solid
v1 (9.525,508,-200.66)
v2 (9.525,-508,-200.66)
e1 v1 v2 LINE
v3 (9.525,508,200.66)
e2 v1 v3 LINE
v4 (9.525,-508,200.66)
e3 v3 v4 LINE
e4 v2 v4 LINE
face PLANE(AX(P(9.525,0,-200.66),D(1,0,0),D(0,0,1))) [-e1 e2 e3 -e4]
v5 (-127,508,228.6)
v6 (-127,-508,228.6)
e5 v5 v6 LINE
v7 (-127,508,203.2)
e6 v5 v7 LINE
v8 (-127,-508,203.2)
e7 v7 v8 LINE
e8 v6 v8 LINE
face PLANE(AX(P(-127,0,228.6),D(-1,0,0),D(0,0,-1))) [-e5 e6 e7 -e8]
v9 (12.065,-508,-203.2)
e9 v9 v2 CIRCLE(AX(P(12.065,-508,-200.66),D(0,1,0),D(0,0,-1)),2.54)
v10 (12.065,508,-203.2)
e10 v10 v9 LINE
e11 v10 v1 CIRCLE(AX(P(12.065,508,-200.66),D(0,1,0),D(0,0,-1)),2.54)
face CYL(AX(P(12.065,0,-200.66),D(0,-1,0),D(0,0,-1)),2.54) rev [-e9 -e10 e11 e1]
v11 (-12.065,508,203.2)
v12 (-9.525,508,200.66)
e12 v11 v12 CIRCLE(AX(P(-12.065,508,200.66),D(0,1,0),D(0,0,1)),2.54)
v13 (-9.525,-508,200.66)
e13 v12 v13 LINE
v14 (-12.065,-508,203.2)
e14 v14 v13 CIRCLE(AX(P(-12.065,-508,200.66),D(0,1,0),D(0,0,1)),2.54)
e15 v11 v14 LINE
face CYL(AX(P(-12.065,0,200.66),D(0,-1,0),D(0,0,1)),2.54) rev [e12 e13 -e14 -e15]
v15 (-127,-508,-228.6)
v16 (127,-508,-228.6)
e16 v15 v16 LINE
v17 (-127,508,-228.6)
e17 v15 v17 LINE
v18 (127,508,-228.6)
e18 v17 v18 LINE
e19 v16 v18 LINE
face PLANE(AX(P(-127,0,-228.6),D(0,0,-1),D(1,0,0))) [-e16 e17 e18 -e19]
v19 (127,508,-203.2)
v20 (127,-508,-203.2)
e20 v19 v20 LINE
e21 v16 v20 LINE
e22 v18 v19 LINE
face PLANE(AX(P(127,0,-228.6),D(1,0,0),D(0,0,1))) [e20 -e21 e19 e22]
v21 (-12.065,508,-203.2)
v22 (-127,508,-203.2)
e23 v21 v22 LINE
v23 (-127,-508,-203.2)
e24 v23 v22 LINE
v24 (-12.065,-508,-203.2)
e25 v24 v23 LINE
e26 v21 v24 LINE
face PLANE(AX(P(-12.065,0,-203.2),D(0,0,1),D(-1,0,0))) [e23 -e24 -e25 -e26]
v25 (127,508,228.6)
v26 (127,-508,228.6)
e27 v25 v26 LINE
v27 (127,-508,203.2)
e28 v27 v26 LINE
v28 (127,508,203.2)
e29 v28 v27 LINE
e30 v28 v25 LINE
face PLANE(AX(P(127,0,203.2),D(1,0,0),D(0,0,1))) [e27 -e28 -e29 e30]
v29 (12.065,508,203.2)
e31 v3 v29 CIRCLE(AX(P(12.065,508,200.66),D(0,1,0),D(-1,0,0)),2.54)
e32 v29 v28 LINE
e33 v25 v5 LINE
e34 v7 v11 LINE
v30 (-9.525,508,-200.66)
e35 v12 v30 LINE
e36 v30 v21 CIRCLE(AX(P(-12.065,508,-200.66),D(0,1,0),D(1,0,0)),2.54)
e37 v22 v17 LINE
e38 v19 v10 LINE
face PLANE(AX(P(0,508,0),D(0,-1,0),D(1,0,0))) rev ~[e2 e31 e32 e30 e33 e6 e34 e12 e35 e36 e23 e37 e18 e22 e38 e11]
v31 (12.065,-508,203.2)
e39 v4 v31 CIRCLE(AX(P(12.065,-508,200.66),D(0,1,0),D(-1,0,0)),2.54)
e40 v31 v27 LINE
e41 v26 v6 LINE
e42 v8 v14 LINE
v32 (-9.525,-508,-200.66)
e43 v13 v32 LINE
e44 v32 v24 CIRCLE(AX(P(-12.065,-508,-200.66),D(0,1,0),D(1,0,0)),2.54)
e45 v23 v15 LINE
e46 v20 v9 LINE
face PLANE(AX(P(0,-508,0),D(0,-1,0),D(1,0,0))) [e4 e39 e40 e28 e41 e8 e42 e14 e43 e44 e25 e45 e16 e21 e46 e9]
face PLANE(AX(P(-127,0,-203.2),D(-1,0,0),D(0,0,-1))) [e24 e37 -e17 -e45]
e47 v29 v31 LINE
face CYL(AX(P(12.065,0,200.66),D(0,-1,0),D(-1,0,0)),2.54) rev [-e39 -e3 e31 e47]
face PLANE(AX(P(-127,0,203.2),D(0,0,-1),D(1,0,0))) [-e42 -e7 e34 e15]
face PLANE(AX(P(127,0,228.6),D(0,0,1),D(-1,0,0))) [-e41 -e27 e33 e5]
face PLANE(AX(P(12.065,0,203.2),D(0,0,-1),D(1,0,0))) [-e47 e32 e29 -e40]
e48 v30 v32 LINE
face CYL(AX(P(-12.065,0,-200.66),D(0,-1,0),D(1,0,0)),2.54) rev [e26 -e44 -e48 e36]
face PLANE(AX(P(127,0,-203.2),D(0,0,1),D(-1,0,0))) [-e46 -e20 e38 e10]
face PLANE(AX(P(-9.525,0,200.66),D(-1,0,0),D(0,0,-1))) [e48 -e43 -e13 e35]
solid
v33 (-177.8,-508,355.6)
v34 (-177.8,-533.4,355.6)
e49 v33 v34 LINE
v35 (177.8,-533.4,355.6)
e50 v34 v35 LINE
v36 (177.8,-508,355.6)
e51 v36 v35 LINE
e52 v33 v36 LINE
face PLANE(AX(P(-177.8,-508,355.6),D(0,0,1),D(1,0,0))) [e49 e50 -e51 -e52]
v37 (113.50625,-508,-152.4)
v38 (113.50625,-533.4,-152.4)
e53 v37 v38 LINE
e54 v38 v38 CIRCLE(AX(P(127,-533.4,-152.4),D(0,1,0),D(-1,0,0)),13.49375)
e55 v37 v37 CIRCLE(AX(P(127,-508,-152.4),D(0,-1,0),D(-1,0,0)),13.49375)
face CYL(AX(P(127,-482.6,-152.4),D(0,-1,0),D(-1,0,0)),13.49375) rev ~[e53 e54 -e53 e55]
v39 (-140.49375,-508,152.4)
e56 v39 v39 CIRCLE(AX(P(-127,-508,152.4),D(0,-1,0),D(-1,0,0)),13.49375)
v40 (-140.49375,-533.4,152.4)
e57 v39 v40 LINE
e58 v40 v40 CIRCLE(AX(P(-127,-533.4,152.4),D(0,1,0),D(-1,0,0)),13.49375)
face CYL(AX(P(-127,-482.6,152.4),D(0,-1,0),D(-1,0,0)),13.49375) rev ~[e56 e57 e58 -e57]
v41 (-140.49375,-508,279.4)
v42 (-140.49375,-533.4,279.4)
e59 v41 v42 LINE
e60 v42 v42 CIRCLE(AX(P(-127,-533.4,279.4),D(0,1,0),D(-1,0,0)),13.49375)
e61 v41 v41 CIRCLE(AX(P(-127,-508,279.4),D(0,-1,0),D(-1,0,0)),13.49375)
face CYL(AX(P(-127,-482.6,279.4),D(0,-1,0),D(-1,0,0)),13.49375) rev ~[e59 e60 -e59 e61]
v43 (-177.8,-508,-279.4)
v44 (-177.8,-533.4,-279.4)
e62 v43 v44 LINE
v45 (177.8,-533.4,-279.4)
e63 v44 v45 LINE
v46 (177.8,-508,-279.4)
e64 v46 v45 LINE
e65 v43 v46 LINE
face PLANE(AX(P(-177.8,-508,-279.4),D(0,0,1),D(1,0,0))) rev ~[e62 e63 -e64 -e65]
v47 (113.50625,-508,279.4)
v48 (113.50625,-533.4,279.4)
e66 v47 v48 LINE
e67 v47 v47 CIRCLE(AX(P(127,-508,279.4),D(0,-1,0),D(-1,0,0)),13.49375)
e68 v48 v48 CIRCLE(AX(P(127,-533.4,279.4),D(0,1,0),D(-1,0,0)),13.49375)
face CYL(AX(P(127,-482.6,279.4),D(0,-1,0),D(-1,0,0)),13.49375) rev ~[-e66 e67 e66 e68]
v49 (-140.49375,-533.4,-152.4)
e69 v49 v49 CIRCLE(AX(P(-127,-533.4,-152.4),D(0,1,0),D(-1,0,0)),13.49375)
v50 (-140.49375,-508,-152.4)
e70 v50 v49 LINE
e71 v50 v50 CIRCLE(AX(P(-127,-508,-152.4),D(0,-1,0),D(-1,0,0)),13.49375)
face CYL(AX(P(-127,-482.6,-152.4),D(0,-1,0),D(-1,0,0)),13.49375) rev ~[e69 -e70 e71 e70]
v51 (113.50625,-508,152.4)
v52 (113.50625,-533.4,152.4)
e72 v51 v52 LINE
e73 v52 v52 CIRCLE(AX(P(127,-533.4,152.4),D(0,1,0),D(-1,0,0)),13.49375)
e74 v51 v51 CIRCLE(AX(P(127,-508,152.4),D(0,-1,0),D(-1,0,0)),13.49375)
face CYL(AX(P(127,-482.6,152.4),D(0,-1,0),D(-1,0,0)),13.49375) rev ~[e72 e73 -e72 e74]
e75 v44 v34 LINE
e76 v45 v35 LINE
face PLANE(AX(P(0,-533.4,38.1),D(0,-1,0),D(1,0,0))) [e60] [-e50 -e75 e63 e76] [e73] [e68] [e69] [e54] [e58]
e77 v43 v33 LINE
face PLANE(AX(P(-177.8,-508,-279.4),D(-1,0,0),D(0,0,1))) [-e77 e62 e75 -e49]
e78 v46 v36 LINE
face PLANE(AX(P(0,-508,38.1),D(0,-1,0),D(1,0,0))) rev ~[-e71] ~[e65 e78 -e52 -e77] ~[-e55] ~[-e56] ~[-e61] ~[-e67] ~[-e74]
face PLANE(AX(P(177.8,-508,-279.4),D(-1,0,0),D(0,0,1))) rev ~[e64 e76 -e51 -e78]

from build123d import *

# Parameters (mm, degrees)
F1_DEPTH = 508
F2_W     = 355.6
F2_H     = 635
F3_DEPTH = 25.4
F4_D     = 26.9875
F4_DEPTH = 25.4
F4_TIP   = 8.107862978


with BuildPart() as f1:
    # F0 (on Front) → F1 (new body, symmetric)
    with BuildSketch(Plane.XZ):
        with BuildLine():
            Line((127, -228.6), (127, -203.2))
            Line((127, -203.2), (12.065, -203.2))
            ThreePointArc((12.065, -203.2), (10.2689487758, -202.4560512242), (9.525, -200.66))
            Line((9.525, -200.66), (9.525, 200.66))
            ThreePointArc((9.525, 200.66), (10.2689487758, 202.4560512242), (12.065, 203.2))
            Line((12.065, 203.2), (127, 203.2))
            Line((127, 203.2), (127, 228.6))
            Line((127, 228.6), (-127, 228.6))
            Line((-127, 228.6), (-127, 203.2))
            Line((-127, 203.2), (-12.065, 203.2))
            ThreePointArc((-12.065, 203.2), (-10.2689487758, 202.4560512242), (-9.525, 200.66))
            Line((-9.525, 200.66), (-9.525, -200.66))
            ThreePointArc((-9.525, -200.66), (-10.2689487758, -202.4560512242), (-12.065, -203.2))
            Line((-12.065, -203.2), (-127, -203.2))
            Line((-127, -203.2), (-127, -228.6))
            Line((-127, -228.6), (127, -228.6))
        make_face()
    extrude(amount=F1_DEPTH, both=True)


with BuildPart() as f3:
    # F2 (on face) → F3 (new body)
    with BuildSketch(Plane.XZ.offset(508)):
        with Locations((0, 38.1)):
            Rectangle(F2_W, F2_H)
        with BuildLine():
            Line((-9.525, -200.66), (-9.525, 200.66))
            ThreePointArc((-9.525, 200.66), (-10.2689487758, 202.4560512242), (-12.065, 203.2))
            Line((-12.065, 203.2), (-127, 203.2))
            Line((-127, 203.2), (-127, 228.6))
            Line((-127, 228.6), (127, 228.6))
            Line((127, 228.6), (127, 203.2))
            Line((127, 203.2), (12.065, 203.2))
            ThreePointArc((12.065, 203.2), (10.2689487758, 202.4560512242), (9.525, 200.66))
            Line((9.525, 200.66), (9.525, -200.66))
            ThreePointArc((9.525, -200.66), (10.2689487758, -202.4560512242), (12.065, -203.2))
            Line((12.065, -203.2), (127, -203.2))
            Line((127, -203.2), (127, -228.6))
            Line((127, -228.6), (-127, -228.6))
            Line((-127, -228.6), (-127, -203.2))
            Line((-127, -203.2), (-12.065, -203.2))
            ThreePointArc((-12.065, -203.2), (-10.2689487758, -202.4560512242), (-9.525, -200.66))
        make_face(mode=Mode.SUBTRACT)
        with BuildLine():
            ThreePointArc((-12.065, 203.2), (-10.2689487758, 202.4560512242), (-9.525, 200.66))
            Line((-9.525, 200.66), (-9.525, -200.66))
            ThreePointArc((-9.525, -200.66), (-10.2689487758, -202.4560512242), (-12.065, -203.2))
            Line((-12.065, -203.2), (-127, -203.2))
            Line((-127, -203.2), (-127, -228.6))
            Line((-127, -228.6), (127, -228.6))
            Line((127, -228.6), (127, -203.2))
            Line((127, -203.2), (12.065, -203.2))
            ThreePointArc((12.065, -203.2), (10.2689487758, -202.4560512242), (9.525, -200.66))
            Line((9.525, -200.66), (9.525, 200.66))
            ThreePointArc((9.525, 200.66), (10.2689487758, 202.4560512242), (12.065, 203.2))
            Line((12.065, 203.2), (127, 203.2))
            Line((127, 203.2), (127, 228.6))
            Line((127, 228.6), (-127, 228.6))
            Line((-127, 228.6), (-127, 203.2))
            Line((-127, 203.2), (-12.065, 203.2))
        make_face()
    extrude(amount=F3_DEPTH)

    # F4
    with Locations(Plane(origin=(0, -508, 0), x_dir=(1, 0, 0), z_dir=(0, 1, 0))):
        with Locations((127, -279.4), (127, -152.4), (127, 152.4), (-127, 152.4), (-127, -152.4), (-127, -279.4)):
            Hole(F4_D / 2, depth=F4_DEPTH)
            with Locations((0, 0, -(F4_DEPTH + F4_TIP / 2))):  # 118° drill point
                Cone(0, F4_D / 2, F4_TIP, mode=Mode.SUBTRACT)


solid = Compound([f1.part, f3.part])
